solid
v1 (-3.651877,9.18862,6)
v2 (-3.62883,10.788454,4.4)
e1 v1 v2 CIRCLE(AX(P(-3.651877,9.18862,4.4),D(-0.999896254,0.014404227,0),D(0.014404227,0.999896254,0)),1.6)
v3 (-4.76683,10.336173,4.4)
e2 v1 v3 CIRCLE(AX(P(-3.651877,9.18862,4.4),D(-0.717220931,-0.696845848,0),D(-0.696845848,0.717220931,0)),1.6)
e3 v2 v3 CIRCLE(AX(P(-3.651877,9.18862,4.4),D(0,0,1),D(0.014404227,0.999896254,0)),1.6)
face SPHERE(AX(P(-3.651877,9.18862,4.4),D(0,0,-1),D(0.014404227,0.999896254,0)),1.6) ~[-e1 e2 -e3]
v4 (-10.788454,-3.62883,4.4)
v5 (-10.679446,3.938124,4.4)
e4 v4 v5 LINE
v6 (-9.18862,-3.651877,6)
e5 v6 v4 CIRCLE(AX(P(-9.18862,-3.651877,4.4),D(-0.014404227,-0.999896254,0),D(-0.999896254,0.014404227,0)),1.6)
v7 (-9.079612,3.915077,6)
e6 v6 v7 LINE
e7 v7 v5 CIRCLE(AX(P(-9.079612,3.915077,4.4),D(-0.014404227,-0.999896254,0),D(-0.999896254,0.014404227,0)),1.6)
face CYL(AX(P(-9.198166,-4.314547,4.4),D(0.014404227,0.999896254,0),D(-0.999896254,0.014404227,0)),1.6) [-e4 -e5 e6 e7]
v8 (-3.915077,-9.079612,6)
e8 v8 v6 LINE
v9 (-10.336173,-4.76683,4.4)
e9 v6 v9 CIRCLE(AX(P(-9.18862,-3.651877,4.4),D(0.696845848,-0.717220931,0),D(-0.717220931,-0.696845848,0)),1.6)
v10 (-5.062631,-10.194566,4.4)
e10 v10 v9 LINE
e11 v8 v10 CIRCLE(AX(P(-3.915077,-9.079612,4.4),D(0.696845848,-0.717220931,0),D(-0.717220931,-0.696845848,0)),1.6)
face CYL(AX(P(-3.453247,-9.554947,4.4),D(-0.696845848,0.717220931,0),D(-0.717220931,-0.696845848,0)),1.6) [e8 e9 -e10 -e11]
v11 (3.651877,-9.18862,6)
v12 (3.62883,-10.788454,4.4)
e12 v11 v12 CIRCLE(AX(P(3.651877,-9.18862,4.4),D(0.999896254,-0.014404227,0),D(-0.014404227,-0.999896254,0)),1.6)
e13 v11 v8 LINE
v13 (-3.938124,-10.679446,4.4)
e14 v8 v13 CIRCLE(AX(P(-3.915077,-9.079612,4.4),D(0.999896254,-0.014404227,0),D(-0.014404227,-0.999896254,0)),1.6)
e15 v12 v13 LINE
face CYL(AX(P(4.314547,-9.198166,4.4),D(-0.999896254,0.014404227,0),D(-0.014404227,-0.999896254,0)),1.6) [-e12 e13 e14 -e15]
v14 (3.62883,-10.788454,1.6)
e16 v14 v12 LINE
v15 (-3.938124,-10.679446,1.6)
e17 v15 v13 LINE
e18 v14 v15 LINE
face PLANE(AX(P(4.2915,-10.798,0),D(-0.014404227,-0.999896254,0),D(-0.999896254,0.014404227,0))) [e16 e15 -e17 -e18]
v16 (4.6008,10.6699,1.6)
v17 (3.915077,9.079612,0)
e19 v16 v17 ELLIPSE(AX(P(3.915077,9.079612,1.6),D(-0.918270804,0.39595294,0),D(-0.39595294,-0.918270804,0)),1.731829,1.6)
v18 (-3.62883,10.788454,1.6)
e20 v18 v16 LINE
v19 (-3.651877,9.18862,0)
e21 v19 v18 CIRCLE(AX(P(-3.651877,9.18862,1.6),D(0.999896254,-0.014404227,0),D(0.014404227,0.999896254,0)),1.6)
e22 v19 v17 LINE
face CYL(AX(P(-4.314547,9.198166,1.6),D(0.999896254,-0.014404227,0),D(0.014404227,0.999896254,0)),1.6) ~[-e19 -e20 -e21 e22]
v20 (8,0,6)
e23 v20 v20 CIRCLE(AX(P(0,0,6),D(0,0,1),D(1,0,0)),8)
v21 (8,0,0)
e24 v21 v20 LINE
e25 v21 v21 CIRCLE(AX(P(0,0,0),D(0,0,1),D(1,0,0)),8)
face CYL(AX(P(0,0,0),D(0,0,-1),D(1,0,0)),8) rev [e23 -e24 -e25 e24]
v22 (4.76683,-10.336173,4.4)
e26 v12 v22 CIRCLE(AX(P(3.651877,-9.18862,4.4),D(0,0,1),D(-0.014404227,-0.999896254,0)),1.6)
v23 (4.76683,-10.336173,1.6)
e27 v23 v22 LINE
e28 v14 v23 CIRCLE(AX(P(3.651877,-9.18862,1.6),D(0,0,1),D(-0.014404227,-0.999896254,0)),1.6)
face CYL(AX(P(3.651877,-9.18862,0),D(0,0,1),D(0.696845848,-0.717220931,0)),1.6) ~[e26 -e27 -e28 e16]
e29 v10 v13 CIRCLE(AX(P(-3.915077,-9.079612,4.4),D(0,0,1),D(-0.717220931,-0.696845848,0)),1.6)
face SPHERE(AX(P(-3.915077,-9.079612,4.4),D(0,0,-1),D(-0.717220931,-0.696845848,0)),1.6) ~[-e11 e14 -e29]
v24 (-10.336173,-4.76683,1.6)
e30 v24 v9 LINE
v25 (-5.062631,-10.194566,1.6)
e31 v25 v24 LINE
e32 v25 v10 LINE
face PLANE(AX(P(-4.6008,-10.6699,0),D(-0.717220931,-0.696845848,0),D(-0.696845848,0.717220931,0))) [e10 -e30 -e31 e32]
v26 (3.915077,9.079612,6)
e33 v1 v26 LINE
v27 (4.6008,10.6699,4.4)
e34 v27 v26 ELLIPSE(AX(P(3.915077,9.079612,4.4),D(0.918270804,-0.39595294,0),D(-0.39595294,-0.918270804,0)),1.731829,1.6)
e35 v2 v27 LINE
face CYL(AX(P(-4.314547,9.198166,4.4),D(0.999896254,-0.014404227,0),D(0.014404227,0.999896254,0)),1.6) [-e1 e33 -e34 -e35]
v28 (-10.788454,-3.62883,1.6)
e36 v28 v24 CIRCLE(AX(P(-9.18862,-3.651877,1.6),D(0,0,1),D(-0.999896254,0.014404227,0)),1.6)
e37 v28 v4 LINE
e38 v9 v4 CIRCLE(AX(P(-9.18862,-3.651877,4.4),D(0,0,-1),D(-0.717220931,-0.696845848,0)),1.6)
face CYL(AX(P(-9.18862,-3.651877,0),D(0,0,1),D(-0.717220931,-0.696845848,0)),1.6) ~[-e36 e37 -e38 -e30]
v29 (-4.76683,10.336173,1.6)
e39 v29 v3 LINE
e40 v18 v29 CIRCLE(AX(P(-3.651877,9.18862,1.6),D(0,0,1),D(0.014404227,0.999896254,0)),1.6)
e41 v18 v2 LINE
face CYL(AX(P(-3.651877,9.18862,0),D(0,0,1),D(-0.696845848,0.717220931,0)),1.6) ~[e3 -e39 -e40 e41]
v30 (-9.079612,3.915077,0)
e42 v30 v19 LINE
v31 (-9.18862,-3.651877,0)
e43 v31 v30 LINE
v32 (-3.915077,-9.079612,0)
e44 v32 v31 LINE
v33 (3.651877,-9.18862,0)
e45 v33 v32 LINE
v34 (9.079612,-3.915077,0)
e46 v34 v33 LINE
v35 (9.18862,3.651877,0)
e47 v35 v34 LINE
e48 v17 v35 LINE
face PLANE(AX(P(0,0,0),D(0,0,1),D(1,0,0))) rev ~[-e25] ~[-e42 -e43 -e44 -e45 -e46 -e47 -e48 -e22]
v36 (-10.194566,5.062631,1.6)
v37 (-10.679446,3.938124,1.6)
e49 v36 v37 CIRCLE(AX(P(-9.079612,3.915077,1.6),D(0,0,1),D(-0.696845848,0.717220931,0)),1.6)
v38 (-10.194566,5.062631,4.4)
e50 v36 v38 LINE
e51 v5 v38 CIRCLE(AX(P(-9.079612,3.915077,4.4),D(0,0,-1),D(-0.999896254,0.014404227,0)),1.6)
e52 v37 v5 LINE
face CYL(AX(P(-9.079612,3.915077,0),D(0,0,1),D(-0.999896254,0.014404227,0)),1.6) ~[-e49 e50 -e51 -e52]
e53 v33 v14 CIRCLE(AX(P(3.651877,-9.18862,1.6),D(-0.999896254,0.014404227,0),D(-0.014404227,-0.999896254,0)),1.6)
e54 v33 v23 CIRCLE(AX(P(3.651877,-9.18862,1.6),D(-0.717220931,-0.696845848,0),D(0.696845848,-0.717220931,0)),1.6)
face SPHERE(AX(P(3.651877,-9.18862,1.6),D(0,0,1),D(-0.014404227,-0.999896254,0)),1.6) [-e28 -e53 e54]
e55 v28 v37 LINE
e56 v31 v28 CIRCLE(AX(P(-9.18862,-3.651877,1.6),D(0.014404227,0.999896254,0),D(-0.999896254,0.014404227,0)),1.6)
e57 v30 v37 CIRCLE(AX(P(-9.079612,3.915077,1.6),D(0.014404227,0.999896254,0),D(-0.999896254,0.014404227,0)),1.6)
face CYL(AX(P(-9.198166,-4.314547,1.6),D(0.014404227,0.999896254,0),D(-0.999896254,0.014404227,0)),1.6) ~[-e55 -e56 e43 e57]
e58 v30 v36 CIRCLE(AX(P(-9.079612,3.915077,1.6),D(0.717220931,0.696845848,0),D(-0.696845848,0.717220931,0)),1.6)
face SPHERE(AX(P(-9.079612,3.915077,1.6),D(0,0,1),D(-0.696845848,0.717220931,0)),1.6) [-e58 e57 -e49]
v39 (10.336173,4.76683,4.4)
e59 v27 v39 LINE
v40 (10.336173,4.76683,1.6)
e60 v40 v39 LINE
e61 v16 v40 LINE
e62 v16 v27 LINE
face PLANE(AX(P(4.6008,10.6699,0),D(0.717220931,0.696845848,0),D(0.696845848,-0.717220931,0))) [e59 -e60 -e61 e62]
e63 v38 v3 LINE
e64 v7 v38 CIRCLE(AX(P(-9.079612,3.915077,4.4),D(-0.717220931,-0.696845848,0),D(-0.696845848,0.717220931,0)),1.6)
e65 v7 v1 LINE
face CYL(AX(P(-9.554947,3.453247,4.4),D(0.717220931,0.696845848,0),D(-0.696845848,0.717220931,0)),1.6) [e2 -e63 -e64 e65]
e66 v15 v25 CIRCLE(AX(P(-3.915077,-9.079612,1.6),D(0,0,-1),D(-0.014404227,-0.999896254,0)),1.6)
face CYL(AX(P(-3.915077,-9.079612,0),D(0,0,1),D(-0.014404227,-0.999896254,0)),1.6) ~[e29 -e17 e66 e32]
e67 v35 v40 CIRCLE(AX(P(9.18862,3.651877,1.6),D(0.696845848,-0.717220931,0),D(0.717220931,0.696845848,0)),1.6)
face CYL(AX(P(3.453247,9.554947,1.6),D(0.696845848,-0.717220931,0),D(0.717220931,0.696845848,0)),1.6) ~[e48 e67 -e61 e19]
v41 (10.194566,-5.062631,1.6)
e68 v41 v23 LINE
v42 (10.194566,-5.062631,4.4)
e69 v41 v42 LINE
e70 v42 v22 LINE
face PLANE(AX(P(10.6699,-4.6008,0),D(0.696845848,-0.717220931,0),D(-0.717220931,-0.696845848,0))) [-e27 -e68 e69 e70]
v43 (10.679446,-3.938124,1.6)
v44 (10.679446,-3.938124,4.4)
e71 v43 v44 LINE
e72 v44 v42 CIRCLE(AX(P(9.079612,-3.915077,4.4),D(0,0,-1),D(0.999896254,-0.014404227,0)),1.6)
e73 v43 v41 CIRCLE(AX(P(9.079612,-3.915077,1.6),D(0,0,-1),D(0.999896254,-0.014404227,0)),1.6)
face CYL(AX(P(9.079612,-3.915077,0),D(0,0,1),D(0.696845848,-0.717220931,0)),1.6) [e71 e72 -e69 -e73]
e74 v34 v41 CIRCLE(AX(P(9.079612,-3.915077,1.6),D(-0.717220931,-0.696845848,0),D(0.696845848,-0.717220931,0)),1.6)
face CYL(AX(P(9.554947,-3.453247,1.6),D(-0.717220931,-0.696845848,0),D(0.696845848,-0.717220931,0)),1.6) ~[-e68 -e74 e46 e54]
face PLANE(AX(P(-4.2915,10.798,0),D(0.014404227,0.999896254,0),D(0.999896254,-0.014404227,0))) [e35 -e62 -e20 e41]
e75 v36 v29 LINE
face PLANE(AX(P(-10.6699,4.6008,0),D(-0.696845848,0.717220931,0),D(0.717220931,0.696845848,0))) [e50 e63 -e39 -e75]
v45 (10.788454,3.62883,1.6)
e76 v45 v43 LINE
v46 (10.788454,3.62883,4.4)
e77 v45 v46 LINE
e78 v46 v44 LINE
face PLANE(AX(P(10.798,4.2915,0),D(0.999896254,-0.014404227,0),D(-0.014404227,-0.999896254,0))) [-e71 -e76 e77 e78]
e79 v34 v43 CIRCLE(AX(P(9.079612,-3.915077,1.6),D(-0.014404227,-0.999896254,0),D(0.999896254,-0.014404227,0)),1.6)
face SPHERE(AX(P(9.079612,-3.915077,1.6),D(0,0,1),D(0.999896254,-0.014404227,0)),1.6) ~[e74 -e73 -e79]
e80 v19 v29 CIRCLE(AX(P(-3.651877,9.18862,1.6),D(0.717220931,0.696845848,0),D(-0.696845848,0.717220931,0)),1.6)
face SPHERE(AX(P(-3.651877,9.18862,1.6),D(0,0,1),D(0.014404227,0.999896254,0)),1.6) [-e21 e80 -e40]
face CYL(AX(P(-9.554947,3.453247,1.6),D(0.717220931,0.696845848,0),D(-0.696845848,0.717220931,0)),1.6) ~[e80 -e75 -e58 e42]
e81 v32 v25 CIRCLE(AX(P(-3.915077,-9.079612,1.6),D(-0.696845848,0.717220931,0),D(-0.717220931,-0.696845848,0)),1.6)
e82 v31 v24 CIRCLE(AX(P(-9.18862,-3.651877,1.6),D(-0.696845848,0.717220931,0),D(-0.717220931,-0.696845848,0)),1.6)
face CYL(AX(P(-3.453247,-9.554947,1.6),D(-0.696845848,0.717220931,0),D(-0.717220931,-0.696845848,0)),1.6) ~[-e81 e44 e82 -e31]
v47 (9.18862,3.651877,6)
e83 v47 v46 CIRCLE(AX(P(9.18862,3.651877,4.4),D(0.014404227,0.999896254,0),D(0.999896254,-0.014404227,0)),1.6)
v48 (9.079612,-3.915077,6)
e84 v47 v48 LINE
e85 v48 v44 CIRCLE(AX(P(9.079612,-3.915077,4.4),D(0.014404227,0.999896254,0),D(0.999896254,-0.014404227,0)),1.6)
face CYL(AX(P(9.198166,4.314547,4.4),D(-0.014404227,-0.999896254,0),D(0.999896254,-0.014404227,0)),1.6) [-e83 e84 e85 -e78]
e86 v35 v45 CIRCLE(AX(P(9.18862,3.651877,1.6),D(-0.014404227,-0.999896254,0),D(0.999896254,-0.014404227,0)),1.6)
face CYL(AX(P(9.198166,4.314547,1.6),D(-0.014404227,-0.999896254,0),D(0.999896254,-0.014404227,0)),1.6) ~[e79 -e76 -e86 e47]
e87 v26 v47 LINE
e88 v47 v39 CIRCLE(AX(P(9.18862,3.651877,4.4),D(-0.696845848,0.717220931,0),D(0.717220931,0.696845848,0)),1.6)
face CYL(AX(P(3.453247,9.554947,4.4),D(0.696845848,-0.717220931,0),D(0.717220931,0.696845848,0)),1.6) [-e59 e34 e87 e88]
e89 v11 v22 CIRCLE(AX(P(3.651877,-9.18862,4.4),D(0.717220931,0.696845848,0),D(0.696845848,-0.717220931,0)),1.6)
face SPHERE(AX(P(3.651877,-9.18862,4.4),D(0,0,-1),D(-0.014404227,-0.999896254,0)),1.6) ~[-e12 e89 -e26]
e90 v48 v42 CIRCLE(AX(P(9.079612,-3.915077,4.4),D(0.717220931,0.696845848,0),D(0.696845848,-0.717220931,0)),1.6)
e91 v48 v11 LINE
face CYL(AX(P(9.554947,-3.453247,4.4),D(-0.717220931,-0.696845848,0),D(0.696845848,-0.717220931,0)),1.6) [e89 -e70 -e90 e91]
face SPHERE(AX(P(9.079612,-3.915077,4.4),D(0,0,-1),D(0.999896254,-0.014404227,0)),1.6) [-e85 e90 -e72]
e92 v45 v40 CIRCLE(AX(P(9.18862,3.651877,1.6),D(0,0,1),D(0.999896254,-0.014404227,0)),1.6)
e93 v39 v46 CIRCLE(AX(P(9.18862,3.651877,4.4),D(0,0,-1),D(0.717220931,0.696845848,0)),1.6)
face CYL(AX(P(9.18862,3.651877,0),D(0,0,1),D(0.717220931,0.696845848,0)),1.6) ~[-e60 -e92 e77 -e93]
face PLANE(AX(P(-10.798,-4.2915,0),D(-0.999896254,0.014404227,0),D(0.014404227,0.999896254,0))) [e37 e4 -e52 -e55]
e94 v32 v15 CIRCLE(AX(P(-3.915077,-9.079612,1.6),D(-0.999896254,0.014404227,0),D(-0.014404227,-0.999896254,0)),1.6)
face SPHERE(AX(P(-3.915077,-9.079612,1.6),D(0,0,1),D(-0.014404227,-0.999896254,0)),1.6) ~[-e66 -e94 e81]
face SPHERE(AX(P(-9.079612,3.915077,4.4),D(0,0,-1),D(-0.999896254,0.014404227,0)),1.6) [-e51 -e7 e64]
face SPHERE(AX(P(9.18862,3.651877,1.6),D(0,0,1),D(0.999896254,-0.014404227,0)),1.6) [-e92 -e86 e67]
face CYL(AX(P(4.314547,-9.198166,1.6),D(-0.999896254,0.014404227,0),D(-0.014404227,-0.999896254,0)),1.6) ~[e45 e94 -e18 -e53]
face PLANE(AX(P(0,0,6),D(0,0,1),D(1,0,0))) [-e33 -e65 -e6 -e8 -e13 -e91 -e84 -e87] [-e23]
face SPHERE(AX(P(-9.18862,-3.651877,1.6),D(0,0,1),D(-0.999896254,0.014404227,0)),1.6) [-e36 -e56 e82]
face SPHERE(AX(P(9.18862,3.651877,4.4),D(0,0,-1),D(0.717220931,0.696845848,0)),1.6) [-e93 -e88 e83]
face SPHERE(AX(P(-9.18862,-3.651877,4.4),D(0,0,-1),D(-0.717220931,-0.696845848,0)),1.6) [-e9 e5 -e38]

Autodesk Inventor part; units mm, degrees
ref_plane "YZ Plane" through (0, 0, 0) normal (1, 0, 0) x (0, 1, 0)
ref_plane "XZ Plane" through (0, 0, 0) normal (0, 1, 0) x (-1, 0, 0)
ref_plane "XY Plane" through (0, 0, 0) normal (0, 0, 1) x (1, 0, 0)
sketch "Sketch1" plane through (0, 0, 0) normal (0, 0, 1) x (1, 0, 0)
  circle A0 centre (0, 0) radius 8
  line L0 (10.6699, -4.6008) -> (4.2915, -10.798)
  line L1 (4.2915, -10.798) -> (-4.6008, -10.6699)
  line L2 (-4.6008, -10.6699) -> (-10.798, -4.2915)
  line L3 (-10.798, -4.2915) -> (-10.6699, 4.6008)
  line L4 (-10.6699, 4.6008) -> (-4.2915, 10.798)
  line L5 (-4.2915, 10.798) -> (4.6008, 10.6699)
  line L6 (4.6008, 10.6699) -> (10.798, 4.2915)
  line L7 (10.798, 4.2915) -> (10.6699, -4.6008)
  dimension "d0" = 16
extrude "Extrusion1" add sketch "Sketch1" along normal blind 6
fillet "Fillet1" radius 1.6 23 edges at (7.4807, -7.6994, 6) (10.6699, -4.6008, 3) (10.7339, -0.1546, 6) (10.798, 4.2915, 3) (4.2915, -10.798, 3) (-0.1546, -10.7339, 6) (-4.6008, -10.6699, 3) (-0.1546, -10.7339, 0) (10.7339, -0.1546, 0) (7.4807, -7.6994, 0) (7.6994, 7.4807, 0) (0.1546, 10.7339, 0) (-7.4807, 7.6994, 0) (-10.7339, 0.1546, 0) (-7.6994, -7.4807, 0) (-4.2915, 10.798, 3) (-10.6699, 4.6008, 3) (-10.798, -4.2915, 3) (7.6994, 7.4807, 6) (0.1546, 10.7339, 6) (-7.6994, -7.4807, 6) (-10.7339, 0.1546, 6) (-7.4807, 7.6994, 6)
thread "Thread1" size "M16x2" class "6H" standard "ISO Metric profile" full length
properties part number "AnnishBT"
